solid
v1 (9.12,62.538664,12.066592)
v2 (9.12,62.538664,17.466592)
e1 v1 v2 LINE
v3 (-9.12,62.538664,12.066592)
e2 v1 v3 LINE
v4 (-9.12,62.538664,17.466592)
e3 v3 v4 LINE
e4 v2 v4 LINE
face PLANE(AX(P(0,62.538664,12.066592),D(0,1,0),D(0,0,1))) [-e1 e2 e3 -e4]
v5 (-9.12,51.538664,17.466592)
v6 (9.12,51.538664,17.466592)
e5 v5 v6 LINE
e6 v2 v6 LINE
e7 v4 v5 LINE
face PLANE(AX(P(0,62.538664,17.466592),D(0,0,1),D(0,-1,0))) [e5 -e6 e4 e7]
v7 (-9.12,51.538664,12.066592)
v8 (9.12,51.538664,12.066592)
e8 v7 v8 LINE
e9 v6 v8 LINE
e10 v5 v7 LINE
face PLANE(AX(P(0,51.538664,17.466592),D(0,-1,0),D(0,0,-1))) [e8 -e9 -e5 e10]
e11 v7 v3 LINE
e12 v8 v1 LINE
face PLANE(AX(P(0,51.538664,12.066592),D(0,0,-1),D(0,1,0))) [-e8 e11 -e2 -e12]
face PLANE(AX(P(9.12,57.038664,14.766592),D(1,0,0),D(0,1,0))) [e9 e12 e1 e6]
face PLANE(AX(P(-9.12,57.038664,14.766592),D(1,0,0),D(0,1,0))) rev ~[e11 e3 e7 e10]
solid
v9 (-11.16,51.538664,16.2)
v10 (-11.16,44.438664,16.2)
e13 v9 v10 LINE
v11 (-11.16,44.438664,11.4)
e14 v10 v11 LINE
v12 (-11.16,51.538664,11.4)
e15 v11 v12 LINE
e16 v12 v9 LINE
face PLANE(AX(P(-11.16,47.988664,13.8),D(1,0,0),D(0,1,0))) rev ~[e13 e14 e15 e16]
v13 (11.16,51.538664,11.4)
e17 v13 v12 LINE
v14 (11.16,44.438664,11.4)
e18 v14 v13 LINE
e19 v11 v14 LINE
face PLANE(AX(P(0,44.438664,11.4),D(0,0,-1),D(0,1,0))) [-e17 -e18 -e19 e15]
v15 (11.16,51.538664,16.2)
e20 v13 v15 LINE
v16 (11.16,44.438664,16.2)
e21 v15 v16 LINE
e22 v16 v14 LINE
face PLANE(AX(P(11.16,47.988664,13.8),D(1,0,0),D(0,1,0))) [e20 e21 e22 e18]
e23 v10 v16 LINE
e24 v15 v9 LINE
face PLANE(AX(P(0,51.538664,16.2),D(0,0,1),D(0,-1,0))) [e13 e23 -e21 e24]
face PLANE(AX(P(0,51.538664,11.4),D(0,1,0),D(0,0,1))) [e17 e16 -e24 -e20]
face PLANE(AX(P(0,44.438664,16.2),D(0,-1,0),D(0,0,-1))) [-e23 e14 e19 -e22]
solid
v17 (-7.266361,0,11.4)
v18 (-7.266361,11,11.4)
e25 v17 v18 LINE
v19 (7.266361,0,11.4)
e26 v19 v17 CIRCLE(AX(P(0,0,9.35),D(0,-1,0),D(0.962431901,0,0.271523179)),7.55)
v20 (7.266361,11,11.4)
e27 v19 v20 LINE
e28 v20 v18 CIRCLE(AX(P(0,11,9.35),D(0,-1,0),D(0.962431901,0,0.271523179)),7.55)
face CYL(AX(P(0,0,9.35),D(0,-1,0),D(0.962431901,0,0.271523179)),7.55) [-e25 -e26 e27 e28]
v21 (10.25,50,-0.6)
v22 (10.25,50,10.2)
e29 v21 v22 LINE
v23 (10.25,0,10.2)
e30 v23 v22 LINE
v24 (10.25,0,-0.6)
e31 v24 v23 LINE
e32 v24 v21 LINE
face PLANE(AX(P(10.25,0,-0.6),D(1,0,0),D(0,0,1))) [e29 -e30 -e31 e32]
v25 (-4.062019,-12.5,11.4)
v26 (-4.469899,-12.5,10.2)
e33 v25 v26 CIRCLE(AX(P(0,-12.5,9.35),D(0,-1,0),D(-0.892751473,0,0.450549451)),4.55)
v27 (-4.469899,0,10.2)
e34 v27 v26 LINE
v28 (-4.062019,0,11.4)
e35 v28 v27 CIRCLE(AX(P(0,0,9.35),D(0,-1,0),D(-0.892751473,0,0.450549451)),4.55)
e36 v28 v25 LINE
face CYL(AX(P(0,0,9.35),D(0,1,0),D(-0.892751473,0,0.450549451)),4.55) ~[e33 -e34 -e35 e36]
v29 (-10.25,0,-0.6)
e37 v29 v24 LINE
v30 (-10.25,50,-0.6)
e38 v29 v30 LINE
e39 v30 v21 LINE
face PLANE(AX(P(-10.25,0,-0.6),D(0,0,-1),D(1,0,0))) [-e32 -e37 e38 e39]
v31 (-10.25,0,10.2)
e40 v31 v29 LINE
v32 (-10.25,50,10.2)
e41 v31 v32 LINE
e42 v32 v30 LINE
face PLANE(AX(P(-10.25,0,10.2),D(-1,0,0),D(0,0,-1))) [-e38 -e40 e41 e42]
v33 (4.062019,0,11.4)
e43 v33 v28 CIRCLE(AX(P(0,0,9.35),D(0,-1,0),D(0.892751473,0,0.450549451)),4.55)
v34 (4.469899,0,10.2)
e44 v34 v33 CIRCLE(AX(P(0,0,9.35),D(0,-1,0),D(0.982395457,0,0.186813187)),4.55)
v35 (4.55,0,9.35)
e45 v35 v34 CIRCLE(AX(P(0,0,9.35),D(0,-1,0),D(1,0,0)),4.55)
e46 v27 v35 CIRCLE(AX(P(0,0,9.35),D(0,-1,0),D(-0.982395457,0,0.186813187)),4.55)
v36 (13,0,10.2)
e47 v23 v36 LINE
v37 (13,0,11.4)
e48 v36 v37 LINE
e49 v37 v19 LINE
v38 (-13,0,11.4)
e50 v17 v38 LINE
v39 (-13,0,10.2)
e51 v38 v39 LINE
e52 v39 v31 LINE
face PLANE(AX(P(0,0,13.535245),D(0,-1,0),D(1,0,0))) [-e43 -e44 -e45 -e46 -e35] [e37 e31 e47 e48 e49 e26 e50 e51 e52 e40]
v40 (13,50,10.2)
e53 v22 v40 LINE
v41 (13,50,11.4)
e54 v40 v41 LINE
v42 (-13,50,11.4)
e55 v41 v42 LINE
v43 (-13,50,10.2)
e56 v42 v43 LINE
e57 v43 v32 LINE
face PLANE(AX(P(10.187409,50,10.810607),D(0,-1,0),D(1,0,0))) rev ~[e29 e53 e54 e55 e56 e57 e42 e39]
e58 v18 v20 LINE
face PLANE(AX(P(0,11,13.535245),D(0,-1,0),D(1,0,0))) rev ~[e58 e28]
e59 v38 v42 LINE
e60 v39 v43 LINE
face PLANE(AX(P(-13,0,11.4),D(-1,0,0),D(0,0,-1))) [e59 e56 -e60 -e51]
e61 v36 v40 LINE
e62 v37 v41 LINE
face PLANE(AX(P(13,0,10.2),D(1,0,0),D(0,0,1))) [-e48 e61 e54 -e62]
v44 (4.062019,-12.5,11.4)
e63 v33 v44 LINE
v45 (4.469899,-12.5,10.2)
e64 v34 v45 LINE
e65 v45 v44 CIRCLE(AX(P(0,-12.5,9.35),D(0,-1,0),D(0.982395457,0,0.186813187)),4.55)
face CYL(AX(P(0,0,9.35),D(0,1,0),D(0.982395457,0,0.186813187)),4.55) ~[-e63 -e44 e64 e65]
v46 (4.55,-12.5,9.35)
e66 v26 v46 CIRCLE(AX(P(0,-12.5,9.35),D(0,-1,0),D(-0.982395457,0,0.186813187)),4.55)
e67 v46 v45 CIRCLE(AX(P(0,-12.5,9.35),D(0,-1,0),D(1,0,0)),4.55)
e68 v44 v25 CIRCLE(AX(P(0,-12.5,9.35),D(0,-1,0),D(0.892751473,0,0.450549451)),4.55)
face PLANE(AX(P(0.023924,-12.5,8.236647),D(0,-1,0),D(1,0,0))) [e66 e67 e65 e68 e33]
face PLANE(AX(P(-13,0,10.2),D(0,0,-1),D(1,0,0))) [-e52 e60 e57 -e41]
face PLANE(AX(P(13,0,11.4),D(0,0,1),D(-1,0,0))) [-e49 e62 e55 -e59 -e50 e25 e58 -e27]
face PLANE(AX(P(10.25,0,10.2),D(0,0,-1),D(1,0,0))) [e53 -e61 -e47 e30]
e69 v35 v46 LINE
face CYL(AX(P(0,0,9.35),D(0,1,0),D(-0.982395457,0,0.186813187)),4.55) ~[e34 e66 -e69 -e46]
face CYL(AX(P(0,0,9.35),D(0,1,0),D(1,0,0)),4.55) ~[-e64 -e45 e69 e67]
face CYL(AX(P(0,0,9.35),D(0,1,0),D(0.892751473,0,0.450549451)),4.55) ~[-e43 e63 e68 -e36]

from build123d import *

# Parameters (mm, degrees)
F2_DEPTH = 12.5
F3_DEPTH = 50
F4_DEPTH = 11
F6_DEPTH = 9.12
F7_DEPTH = 11.16


with BuildPart() as f2:
    # F1 (on Front) → F2 (new body)
    with BuildSketch(Plane.XZ):
        with BuildLine():
            ThreePointArc((4.55, 9.35), (4.5299305702, 9.7768829224), (4.4698993277, 10.2))
            Line((4.4698993277, 10.2), (-4.4698993277, 10.2))
            ThreePointArc((-4.4698993277, 10.2), (-0.4268829224, 4.8200694298), (4.55, 9.35))
        make_face()
        with BuildLine():
            Line((-4.4698993277, 10.2), (4.4698993277, 10.2))
            ThreePointArc((4.4698993277, 10.2), (4.3079471272, 10.8142716787), (4.0620192023, 11.4))
            Line((4.0620192023, 11.4), (-4.0620192023, 11.4))
            ThreePointArc((-4.0620192023, 11.4), (-4.3079471272, 10.8142716787), (-4.4698993277, 10.2))
        make_face()
        with BuildLine():
            Line((-4.0620192023, 11.4), (4.0620192023, 11.4))
            ThreePointArc((4.0620192023, 11.4), (0, 13.9), (-4.0620192023, 11.4))
        make_face()
    extrude(amount=F2_DEPTH)

    # F1 (on Front) → F3 (join)
    with BuildSketch(Plane.XZ):
        with BuildLine():
            Line((7.5019997334, 10.2), (10.25, 10.2))
            Line((10.25, 10.2), (13, 10.2))
            Line((13, 10.2), (13, 11.4))
            Line((13, 11.4), (7.2663608498, 11.4))
            ThreePointArc((7.2663608498, 11.4), (7.4085166247, 10.804778822), (7.5019997334, 10.2))
        make_face()
        with BuildLine():
            Line((4.4698993277, 10.2), (7.5019997334, 10.2))
            ThreePointArc((7.5019997334, 10.2), (7.4085166247, 10.804778822), (7.2663608498, 11.4))
            Line((7.2663608498, 11.4), (4.0620192023, 11.4))
            ThreePointArc((4.0620192023, 11.4), (4.3079471272, 10.8142716787), (4.4698993277, 10.2))
        make_face()
        with BuildLine():
            Line((-4.4698993277, 10.2), (4.4698993277, 10.2))
            ThreePointArc((4.4698993277, 10.2), (4.3079471272, 10.8142716787), (4.0620192023, 11.4))
            Line((4.0620192023, 11.4), (-4.0620192023, 11.4))
            ThreePointArc((-4.0620192023, 11.4), (-4.3079471272, 10.8142716787), (-4.4698993277, 10.2))
        make_face()
        with BuildLine():
            ThreePointArc((-7.2663608498, 11.4), (-7.4085166247, 10.804778822), (-7.5019997334, 10.2))
            Line((-7.5019997334, 10.2), (-4.4698993277, 10.2))
            ThreePointArc((-4.4698993277, 10.2), (-4.3079471272, 10.8142716787), (-4.0620192023, 11.4))
            Line((-4.0620192023, 11.4), (-7.2663608498, 11.4))
        make_face()
        with BuildLine():
            Line((-13, 10.2), (-10.25, 10.2))
            Line((-10.25, 10.2), (-7.5019997334, 10.2))
            ThreePointArc((-7.5019997334, 10.2), (-7.4085166247, 10.804778822), (-7.2663608498, 11.4))
            Line((-7.2663608498, 11.4), (-13, 11.4))
            Line((-13, 11.4), (-13, 10.2))
        make_face()
        with BuildLine():
            Line((-10.25, -0.6), (10.25, -0.6))
            Line((10.25, -0.6), (10.25, 10.2))
            Line((10.25, 10.2), (7.5019997334, 10.2))
            ThreePointArc((7.5019997334, 10.2), (7.5379903816, 9.7756771152), (7.55, 9.35))
            ThreePointArc((7.55, 9.35), (-0.4256771152, 1.8120096184), (-7.5019997334, 10.2))
            Line((-7.5019997334, 10.2), (-10.25, 10.2))
            Line((-10.25, 10.2), (-10.25, -0.6))
        make_face()
        with BuildLine():
            ThreePointArc((7.55, 9.35), (7.5379903816, 9.7756771152), (7.5019997334, 10.2))
            Line((7.5019997334, 10.2), (4.4698993277, 10.2))
            ThreePointArc((4.4698993277, 10.2), (4.5299305702, 9.7768829224), (4.55, 9.35))
            ThreePointArc((4.55, 9.35), (-0.4268829224, 4.8200694298), (-4.4698993277, 10.2))
            Line((-4.4698993277, 10.2), (-7.5019997334, 10.2))
            ThreePointArc((-7.5019997334, 10.2), (-0.4256771152, 1.8120096184), (7.55, 9.35))
        make_face()
        with BuildLine():
            ThreePointArc((4.55, 9.35), (4.5299305702, 9.7768829224), (4.4698993277, 10.2))
            Line((4.4698993277, 10.2), (-4.4698993277, 10.2))
            ThreePointArc((-4.4698993277, 10.2), (-0.4268829224, 4.8200694298), (4.55, 9.35))
        make_face()
    extrude(amount=-F3_DEPTH)

    # F1 (on Front) → F4 (join)
    with BuildSketch(Plane.XZ):
        with BuildLine():
            Line((4.0620192023, 11.4), (7.2663608498, 11.4))
            ThreePointArc((7.2663608498, 11.4), (0, 16.9), (-7.2663608498, 11.4))
            Line((-7.2663608498, 11.4), (-4.0620192023, 11.4))
            ThreePointArc((-4.0620192023, 11.4), (0, 13.9), (4.0620192023, 11.4))
        make_face()
        with BuildLine():
            Line((-4.0620192023, 11.4), (4.0620192023, 11.4))
            ThreePointArc((4.0620192023, 11.4), (0, 13.9), (-4.0620192023, 11.4))
        make_face()
    extrude(amount=-F4_DEPTH)


with BuildPart() as f6:
    # F5 (on Right) → F6 (new body, symmetric)
    with BuildSketch(Plane.YZ):
        Polygon((62.5386638701, 17.4665924624), (51.5386638701, 17.4665924624), (51.5386638701, 16.2), (51.5386638701, 12.0665924624), (62.5386638701, 12.0665924624), align=None)
    extrude(amount=F6_DEPTH, both=True)


with BuildPart() as f7:
    # F5 (on Right) → F7 (new body, symmetric)
    with BuildSketch(Plane.YZ):
        Polygon((51.5386638701, 12.0665924624), (51.5386638701, 16.2), (44.4386638701, 16.2), (44.4386638701, 11.4), (50, 11.4), (51.5386638701, 11.4), align=None)
    extrude(amount=F7_DEPTH, both=True)


solid = Compound([f2.part, f6.part, f7.part])
